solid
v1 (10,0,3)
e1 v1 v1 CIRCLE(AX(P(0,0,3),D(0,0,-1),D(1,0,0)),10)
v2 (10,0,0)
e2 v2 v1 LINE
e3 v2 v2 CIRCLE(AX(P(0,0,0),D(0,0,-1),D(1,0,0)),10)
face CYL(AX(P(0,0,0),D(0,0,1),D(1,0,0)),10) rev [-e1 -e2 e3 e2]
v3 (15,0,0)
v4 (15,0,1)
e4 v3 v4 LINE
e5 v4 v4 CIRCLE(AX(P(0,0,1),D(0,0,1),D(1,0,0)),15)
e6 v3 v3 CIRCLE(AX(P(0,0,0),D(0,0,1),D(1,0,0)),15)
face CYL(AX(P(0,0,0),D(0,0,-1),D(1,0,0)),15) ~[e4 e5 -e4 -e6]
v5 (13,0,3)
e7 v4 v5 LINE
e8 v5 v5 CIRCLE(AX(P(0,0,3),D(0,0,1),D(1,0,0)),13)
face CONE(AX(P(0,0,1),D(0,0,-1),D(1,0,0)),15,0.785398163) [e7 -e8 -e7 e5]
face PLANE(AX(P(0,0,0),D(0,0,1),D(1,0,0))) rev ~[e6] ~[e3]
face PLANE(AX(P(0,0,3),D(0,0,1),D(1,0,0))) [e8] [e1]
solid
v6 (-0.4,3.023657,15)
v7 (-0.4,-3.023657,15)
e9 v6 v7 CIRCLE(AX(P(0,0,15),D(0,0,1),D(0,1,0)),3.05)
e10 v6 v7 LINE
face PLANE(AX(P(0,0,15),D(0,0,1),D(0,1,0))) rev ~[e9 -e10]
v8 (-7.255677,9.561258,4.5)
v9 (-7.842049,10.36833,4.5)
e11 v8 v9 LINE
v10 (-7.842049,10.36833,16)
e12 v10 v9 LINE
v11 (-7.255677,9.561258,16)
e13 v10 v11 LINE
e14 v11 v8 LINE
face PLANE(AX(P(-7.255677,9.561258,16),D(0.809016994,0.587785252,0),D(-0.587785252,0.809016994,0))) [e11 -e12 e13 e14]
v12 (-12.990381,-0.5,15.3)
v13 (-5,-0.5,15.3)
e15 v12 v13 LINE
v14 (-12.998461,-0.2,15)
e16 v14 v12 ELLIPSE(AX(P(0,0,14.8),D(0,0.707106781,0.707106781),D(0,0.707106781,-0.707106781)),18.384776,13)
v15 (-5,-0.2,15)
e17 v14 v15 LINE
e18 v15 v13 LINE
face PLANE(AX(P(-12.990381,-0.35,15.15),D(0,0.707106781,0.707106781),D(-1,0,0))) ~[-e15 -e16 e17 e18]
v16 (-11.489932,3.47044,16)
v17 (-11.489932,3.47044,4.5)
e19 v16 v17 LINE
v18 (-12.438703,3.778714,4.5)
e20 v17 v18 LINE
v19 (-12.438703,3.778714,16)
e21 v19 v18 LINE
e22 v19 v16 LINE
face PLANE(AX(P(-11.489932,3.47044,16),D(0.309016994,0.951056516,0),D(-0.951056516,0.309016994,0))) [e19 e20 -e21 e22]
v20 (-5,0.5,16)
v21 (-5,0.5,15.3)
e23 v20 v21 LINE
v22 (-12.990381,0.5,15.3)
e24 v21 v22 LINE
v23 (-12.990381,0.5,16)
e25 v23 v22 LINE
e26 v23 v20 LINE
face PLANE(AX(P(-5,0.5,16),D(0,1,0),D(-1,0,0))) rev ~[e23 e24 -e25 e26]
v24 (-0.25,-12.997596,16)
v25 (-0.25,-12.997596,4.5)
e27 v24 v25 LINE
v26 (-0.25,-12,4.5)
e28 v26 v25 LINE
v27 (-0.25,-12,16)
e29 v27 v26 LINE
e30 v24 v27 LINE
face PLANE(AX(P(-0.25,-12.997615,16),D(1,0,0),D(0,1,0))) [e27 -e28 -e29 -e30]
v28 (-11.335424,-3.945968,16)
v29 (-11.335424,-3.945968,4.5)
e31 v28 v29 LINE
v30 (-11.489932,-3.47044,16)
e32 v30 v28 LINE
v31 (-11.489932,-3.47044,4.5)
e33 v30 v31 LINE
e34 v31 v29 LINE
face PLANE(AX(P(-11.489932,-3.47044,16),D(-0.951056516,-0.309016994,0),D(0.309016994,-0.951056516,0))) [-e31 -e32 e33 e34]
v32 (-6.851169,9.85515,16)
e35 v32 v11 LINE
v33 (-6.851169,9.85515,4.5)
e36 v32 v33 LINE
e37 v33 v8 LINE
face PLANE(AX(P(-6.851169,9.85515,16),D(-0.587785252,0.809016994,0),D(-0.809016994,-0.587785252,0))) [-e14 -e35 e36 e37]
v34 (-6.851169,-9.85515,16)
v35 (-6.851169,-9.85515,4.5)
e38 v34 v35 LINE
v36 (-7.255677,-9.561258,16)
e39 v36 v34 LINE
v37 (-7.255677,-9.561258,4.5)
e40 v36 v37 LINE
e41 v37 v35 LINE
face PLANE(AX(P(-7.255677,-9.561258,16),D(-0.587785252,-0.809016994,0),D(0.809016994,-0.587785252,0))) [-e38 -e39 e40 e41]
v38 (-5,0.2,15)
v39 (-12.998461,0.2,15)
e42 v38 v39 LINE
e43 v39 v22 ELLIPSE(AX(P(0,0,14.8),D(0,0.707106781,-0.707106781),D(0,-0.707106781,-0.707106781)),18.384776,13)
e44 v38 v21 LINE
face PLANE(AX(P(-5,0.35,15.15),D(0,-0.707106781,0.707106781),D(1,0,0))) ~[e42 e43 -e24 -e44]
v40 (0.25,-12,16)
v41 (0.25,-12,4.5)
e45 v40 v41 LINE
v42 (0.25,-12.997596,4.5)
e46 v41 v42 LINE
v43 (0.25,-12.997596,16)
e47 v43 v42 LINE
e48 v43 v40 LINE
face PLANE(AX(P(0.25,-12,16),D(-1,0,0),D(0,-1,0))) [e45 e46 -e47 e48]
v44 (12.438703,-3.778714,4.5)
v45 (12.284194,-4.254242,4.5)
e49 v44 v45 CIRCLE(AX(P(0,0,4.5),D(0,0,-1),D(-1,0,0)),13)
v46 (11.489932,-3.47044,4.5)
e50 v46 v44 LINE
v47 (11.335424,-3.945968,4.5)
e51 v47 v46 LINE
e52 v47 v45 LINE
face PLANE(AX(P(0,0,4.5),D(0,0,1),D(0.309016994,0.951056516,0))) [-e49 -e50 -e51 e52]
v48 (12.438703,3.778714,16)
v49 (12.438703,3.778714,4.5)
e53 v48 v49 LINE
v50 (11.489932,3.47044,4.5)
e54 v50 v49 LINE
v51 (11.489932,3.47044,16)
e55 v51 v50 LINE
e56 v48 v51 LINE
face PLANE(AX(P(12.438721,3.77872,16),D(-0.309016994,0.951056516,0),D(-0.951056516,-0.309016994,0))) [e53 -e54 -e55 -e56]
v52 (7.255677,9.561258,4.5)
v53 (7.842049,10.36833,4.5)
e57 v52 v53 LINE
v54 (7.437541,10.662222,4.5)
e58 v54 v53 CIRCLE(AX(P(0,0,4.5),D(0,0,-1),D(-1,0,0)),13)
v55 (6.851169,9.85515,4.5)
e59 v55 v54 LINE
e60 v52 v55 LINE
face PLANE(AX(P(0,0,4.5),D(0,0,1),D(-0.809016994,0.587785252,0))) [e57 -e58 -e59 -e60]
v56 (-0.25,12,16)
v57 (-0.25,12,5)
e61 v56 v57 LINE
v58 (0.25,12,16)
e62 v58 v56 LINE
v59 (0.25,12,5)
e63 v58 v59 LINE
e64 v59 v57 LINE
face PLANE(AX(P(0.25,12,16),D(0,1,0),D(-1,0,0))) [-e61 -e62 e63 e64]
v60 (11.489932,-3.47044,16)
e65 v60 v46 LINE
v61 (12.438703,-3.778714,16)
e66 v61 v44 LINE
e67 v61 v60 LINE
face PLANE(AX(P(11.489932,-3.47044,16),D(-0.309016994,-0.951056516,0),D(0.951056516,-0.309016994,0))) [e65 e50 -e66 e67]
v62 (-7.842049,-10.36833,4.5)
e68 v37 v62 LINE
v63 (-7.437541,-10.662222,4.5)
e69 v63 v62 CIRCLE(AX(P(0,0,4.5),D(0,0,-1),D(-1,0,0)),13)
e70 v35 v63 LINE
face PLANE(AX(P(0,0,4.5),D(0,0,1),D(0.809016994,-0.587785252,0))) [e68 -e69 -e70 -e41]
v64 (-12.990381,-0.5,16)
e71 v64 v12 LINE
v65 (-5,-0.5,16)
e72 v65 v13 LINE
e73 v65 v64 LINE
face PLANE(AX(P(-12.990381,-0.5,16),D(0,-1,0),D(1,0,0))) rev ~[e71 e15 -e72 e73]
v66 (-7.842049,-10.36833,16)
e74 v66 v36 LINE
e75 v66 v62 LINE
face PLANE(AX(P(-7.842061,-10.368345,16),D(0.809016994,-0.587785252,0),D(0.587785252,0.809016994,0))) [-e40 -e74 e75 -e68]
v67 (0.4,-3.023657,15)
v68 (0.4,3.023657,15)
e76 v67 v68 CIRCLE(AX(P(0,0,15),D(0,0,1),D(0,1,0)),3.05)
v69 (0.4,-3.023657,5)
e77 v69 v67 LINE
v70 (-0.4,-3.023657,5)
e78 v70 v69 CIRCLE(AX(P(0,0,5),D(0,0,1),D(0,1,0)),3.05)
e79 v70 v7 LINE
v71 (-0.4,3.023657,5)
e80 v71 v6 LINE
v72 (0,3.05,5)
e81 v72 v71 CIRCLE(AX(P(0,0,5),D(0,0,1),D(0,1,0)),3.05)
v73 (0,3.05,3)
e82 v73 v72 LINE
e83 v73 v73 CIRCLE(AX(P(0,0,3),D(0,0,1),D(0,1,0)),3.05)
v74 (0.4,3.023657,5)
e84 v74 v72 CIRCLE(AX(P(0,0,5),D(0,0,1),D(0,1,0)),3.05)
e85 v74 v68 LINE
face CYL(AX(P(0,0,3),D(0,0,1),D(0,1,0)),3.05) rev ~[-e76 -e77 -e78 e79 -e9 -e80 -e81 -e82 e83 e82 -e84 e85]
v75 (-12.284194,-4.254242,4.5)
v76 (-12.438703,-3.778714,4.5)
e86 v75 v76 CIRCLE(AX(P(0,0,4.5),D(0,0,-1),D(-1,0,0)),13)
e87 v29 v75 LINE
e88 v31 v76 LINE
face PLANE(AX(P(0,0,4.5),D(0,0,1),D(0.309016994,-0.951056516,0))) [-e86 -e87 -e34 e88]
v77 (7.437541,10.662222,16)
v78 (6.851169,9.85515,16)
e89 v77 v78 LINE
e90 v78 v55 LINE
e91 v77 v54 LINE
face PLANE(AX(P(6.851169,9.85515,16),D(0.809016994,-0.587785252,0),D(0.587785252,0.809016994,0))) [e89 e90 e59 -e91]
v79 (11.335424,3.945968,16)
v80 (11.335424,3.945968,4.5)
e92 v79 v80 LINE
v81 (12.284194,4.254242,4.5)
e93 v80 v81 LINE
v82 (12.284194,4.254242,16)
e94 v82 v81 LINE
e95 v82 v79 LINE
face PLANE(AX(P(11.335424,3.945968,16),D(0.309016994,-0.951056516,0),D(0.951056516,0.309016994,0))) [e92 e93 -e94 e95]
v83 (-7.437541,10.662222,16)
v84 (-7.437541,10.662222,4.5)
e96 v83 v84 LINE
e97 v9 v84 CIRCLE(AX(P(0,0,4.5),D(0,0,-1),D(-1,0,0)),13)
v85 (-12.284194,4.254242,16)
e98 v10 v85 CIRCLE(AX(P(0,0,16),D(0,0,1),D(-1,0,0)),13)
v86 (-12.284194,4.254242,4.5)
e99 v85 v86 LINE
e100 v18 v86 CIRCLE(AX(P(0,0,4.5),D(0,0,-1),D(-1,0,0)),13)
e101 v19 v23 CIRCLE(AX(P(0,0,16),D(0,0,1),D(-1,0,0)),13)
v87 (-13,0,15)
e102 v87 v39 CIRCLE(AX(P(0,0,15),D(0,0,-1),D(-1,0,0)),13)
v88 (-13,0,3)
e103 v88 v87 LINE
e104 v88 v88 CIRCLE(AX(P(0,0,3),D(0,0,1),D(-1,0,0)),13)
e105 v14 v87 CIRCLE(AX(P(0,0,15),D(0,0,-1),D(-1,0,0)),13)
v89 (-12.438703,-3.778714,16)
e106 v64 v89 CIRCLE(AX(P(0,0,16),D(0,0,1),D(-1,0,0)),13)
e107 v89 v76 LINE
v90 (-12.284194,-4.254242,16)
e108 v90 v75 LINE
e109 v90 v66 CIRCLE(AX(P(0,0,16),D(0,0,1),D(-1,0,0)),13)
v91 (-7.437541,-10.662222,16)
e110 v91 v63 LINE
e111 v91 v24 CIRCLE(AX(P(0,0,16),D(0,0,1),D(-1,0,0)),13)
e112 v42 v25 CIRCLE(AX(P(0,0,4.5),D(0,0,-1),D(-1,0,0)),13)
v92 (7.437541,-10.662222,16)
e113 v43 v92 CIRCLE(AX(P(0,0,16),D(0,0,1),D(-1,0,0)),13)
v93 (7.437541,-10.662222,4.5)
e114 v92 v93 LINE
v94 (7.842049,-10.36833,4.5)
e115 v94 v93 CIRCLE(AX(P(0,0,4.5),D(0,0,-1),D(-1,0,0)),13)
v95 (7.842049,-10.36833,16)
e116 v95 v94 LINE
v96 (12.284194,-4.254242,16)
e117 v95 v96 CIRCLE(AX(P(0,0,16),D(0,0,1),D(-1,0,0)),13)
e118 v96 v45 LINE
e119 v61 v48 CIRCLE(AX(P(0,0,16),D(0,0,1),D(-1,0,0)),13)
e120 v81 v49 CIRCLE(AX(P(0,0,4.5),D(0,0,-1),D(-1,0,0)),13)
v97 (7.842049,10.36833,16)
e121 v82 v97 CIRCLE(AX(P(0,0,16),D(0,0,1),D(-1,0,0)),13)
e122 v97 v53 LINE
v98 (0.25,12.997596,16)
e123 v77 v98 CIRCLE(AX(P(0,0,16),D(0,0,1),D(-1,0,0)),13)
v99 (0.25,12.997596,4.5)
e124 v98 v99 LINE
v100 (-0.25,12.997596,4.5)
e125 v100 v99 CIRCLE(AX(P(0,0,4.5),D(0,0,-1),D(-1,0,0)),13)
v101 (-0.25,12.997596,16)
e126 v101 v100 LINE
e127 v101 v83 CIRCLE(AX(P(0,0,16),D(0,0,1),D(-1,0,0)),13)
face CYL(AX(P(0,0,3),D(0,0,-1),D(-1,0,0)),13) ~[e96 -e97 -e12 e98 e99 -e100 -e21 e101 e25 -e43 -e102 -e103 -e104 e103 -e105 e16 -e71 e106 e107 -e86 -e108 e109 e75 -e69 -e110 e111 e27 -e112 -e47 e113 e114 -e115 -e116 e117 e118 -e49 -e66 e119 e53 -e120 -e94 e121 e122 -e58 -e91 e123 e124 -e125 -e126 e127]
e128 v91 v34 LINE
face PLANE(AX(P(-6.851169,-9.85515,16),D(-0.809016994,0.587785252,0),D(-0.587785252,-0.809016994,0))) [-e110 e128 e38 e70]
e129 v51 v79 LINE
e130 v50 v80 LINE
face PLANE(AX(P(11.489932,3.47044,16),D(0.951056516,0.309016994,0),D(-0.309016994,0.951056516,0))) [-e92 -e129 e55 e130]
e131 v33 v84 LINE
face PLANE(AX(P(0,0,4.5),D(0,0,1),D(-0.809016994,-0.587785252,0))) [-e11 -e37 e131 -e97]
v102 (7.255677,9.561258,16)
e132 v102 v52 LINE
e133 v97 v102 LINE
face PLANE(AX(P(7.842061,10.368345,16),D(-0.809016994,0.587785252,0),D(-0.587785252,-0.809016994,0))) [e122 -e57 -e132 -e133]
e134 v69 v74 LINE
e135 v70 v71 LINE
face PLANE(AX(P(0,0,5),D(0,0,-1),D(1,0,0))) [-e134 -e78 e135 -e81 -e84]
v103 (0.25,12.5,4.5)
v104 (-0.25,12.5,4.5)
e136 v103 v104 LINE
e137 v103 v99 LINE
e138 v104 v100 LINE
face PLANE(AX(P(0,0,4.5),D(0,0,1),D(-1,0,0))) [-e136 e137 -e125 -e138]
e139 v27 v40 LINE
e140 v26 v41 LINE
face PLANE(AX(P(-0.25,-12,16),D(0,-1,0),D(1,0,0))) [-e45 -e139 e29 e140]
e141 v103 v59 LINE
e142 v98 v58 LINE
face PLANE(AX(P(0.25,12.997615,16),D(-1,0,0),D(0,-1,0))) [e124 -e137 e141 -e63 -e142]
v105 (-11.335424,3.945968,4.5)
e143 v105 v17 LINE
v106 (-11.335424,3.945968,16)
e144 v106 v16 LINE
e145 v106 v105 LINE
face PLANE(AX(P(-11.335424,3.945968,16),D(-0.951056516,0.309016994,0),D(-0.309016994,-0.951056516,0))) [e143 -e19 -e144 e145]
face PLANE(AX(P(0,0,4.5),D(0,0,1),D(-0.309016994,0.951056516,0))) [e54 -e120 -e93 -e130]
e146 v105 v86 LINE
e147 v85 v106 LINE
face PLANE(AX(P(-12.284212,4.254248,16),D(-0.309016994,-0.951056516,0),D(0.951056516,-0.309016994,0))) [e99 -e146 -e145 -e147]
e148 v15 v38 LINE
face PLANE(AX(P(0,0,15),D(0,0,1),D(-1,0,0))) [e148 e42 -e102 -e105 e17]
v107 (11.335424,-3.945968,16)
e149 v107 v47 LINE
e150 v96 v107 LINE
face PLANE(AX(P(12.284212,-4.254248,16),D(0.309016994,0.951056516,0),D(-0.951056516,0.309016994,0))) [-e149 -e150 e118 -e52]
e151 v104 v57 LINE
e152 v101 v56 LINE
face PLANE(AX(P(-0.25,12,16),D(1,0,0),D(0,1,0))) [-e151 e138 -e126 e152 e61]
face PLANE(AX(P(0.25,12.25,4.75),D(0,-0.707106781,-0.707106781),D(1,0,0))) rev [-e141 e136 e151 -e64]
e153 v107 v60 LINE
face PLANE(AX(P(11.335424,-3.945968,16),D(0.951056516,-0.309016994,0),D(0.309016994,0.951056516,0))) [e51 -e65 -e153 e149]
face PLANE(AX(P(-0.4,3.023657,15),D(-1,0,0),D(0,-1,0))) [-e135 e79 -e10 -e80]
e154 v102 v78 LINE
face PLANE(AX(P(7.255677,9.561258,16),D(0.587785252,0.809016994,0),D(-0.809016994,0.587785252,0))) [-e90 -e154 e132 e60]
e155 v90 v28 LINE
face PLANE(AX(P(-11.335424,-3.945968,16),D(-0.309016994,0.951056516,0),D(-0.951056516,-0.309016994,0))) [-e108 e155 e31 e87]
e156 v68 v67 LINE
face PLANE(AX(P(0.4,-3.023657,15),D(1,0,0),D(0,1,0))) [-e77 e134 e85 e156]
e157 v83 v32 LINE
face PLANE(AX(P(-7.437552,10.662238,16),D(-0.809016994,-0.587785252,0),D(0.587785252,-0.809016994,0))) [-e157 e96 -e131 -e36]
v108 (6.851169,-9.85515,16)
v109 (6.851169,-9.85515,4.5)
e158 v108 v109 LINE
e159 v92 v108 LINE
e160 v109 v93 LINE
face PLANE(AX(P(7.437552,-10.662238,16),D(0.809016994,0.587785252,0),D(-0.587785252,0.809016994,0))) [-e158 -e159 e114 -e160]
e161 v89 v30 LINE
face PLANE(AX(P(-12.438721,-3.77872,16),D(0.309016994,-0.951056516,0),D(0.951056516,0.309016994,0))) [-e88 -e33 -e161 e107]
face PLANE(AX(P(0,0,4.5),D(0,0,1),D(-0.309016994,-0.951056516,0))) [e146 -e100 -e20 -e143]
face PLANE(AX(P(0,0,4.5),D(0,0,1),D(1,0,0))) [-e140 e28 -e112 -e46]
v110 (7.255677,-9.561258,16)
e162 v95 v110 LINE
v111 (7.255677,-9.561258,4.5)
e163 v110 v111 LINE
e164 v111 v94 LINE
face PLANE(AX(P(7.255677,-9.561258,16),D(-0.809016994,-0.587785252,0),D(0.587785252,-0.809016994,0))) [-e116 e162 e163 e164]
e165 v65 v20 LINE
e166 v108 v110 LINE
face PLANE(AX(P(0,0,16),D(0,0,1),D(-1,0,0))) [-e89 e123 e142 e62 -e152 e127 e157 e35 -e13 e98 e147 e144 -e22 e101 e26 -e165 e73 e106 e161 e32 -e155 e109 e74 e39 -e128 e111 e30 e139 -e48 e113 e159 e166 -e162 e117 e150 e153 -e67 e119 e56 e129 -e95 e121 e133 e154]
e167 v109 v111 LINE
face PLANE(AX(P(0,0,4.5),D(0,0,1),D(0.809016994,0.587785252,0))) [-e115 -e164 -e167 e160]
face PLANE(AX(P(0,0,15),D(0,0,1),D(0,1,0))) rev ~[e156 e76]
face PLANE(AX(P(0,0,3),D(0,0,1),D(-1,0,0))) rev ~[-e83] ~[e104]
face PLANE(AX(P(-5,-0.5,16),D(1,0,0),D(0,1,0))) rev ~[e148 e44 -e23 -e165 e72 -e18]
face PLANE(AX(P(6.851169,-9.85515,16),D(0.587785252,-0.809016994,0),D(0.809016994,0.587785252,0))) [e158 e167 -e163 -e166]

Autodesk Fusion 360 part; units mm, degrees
sketch "Sketch1" plane through (0, 0, 0) normal (0, 0, 1) x (1, 0, 0) in component "Knob"
  circle A0 centre (0, 0) radius 15
  dimension "d1" = 30
extrude "Extrude1" add sketch "Sketch1" along normal blind 3 makes body 1 in component "Knob"
sketch "Sketch2" plane through (0, 0, 3) normal (0, 0, 1) x (-1, 0, 0) in component "Knob"
  circle A0 centre (0, 0) radius 15
  circle A1 centre (0, 0) radius 13
  dimension "d7" = 26
extrude "Extrude2" add sketch "Sketch2" along normal blind 13 separate body contours A1 makes body 2 in component "Knob"
hole "Hole2" at (0, 0, 3) direction (0, 0, 1) diameter 6.1 depth 12 tip angle 180 bodies 2 in component "Knob"
sketch "Sketch5" plane through (0, 0, 0) normal (0, 1, 0) x (1, 0, 0) in component "Knob"
  line L0 (0, -3) -> (0, 0)
  line L1 (0, 0) -> (10, 0)
  line L2 (10, 0) -> (10, -3)
  line L3 (10, -3) -> (0, -3)
  dimension "d26" = 10
  dimension "d27" = 3
revolve "Revolve1" cut sketch "Sketch5" angle 360 about axis through (0, 0, 3) along (0, 0, -1) bodies 1 in component "Knob"
sketch "Sketch6" plane through (0, 0, 16) normal (0, 0, 1) x (-1, 0, 0) in component "Knob"
  line L0 (5, -0.5) -> (15, -0.5)
  line L1 (15, -0.5) -> (15, 0.5)
  line L2 (15, 0.5) -> (5, 0.5)
  line L3 (5, 0.5) -> (5, -0.5)
  circle A0 centre (0, 0) radius 13
  dimension "d29" = 5
  dimension "d30" = 10
  dimension "d31" = 1
  dimension "d32" = 0.5
extrude "Extrude3" cut sketch "Sketch6" against normal blind 1 contours L0 L2 L3 A0 | L0 L1 L2 A0 picked at (7.6667, 0) bodies 2 in component "Knob"
chamfer "Chamfer2" distance 0.3 angle 45 2 edges at (-8.9952, 0.5, 15) (-8.9952, -0.5, 15) on bodies 2 in component "Knob"
sketch "Sketch1 (2)" plane through (0, 0, 16) normal (0, 0, 1) x (-1, 0, 0)
  line L0 (5, -0.5) -> (5, 0.5)
  line L1 (0.25, -13.5) -> (-0.25, -13.5)
  line L2 (-0.25, -13.5) -> (-0.25, -12)
  line L3 (-0.25, -12) -> (0.25, -12)
  line L4 (0.25, -12) -> (0.25, -13.5)
  arc A0 (12.9904, 0.5) -> (12.9904, -0.5) centre (0, 0) ccw
  line L5 (12.9904, -0.5) -> (5, -0.5)
  line L6 (5, 0.5) -> (12.9904, 0.5)
  dimension "d36" = 0.5
  dimension "d37" = 1.5
  dimension "d38" = 0.25
  dimension "d39" = 13.5
extrude "Extrude4" cut sketch "Sketch1 (2)" against normal blind 11.5 contours L2 L3 L4 A0 | L1 L2 L4 A0 bodies 2 in component "Knob"
chamfer "Chamfer4" distance 2 angle 45 1 edges at (-13.9849, -5.4242, 3) on bodies 1 in component "Knob"
chamfer "Chamfer6" distance 0.5 angle 45 1 edges at (0, 12, 4.5) on bodies 2 in component "Knob"
pattern_circular "C-Pattern3" count 10 over 360 about axis through (0, 0, 16) along (0, 0, 1) of "Extrude4" in component "Knob"
sketch "Sketch2 (2)" plane through (0, 0, 15) normal (0, 0, -1) x (1, 0, 0)
  circle A0 centre (0, 0) radius 3.05
  line L0 (-0.4, 3.1) -> (0.4, 3.1)
  line L1 (0.4, 3.1) -> (0.4, -3.1)
  line L2 (0.4, -3.1) -> (-0.4, -3.1)
  line L3 (-0.4, -3.1) -> (-0.4, 3.1)
  line L4 (0, 3.1) -> (0, -3.1) construction
  dimension "d50" = 6.2
  dimension "d51" = 0.8
extrude "Extrude5" add sketch "Sketch2 (2)" along normal blind 10 contours A0 L1 L3 | A0 L0 L1 L3 | A0 L1 L2 L3 bodies 2 in component "Knob"
component "Knob" placed x (1, 0, 0) y (0, 1, 0) z (0, 0, 1) at (0, 0, 0)
